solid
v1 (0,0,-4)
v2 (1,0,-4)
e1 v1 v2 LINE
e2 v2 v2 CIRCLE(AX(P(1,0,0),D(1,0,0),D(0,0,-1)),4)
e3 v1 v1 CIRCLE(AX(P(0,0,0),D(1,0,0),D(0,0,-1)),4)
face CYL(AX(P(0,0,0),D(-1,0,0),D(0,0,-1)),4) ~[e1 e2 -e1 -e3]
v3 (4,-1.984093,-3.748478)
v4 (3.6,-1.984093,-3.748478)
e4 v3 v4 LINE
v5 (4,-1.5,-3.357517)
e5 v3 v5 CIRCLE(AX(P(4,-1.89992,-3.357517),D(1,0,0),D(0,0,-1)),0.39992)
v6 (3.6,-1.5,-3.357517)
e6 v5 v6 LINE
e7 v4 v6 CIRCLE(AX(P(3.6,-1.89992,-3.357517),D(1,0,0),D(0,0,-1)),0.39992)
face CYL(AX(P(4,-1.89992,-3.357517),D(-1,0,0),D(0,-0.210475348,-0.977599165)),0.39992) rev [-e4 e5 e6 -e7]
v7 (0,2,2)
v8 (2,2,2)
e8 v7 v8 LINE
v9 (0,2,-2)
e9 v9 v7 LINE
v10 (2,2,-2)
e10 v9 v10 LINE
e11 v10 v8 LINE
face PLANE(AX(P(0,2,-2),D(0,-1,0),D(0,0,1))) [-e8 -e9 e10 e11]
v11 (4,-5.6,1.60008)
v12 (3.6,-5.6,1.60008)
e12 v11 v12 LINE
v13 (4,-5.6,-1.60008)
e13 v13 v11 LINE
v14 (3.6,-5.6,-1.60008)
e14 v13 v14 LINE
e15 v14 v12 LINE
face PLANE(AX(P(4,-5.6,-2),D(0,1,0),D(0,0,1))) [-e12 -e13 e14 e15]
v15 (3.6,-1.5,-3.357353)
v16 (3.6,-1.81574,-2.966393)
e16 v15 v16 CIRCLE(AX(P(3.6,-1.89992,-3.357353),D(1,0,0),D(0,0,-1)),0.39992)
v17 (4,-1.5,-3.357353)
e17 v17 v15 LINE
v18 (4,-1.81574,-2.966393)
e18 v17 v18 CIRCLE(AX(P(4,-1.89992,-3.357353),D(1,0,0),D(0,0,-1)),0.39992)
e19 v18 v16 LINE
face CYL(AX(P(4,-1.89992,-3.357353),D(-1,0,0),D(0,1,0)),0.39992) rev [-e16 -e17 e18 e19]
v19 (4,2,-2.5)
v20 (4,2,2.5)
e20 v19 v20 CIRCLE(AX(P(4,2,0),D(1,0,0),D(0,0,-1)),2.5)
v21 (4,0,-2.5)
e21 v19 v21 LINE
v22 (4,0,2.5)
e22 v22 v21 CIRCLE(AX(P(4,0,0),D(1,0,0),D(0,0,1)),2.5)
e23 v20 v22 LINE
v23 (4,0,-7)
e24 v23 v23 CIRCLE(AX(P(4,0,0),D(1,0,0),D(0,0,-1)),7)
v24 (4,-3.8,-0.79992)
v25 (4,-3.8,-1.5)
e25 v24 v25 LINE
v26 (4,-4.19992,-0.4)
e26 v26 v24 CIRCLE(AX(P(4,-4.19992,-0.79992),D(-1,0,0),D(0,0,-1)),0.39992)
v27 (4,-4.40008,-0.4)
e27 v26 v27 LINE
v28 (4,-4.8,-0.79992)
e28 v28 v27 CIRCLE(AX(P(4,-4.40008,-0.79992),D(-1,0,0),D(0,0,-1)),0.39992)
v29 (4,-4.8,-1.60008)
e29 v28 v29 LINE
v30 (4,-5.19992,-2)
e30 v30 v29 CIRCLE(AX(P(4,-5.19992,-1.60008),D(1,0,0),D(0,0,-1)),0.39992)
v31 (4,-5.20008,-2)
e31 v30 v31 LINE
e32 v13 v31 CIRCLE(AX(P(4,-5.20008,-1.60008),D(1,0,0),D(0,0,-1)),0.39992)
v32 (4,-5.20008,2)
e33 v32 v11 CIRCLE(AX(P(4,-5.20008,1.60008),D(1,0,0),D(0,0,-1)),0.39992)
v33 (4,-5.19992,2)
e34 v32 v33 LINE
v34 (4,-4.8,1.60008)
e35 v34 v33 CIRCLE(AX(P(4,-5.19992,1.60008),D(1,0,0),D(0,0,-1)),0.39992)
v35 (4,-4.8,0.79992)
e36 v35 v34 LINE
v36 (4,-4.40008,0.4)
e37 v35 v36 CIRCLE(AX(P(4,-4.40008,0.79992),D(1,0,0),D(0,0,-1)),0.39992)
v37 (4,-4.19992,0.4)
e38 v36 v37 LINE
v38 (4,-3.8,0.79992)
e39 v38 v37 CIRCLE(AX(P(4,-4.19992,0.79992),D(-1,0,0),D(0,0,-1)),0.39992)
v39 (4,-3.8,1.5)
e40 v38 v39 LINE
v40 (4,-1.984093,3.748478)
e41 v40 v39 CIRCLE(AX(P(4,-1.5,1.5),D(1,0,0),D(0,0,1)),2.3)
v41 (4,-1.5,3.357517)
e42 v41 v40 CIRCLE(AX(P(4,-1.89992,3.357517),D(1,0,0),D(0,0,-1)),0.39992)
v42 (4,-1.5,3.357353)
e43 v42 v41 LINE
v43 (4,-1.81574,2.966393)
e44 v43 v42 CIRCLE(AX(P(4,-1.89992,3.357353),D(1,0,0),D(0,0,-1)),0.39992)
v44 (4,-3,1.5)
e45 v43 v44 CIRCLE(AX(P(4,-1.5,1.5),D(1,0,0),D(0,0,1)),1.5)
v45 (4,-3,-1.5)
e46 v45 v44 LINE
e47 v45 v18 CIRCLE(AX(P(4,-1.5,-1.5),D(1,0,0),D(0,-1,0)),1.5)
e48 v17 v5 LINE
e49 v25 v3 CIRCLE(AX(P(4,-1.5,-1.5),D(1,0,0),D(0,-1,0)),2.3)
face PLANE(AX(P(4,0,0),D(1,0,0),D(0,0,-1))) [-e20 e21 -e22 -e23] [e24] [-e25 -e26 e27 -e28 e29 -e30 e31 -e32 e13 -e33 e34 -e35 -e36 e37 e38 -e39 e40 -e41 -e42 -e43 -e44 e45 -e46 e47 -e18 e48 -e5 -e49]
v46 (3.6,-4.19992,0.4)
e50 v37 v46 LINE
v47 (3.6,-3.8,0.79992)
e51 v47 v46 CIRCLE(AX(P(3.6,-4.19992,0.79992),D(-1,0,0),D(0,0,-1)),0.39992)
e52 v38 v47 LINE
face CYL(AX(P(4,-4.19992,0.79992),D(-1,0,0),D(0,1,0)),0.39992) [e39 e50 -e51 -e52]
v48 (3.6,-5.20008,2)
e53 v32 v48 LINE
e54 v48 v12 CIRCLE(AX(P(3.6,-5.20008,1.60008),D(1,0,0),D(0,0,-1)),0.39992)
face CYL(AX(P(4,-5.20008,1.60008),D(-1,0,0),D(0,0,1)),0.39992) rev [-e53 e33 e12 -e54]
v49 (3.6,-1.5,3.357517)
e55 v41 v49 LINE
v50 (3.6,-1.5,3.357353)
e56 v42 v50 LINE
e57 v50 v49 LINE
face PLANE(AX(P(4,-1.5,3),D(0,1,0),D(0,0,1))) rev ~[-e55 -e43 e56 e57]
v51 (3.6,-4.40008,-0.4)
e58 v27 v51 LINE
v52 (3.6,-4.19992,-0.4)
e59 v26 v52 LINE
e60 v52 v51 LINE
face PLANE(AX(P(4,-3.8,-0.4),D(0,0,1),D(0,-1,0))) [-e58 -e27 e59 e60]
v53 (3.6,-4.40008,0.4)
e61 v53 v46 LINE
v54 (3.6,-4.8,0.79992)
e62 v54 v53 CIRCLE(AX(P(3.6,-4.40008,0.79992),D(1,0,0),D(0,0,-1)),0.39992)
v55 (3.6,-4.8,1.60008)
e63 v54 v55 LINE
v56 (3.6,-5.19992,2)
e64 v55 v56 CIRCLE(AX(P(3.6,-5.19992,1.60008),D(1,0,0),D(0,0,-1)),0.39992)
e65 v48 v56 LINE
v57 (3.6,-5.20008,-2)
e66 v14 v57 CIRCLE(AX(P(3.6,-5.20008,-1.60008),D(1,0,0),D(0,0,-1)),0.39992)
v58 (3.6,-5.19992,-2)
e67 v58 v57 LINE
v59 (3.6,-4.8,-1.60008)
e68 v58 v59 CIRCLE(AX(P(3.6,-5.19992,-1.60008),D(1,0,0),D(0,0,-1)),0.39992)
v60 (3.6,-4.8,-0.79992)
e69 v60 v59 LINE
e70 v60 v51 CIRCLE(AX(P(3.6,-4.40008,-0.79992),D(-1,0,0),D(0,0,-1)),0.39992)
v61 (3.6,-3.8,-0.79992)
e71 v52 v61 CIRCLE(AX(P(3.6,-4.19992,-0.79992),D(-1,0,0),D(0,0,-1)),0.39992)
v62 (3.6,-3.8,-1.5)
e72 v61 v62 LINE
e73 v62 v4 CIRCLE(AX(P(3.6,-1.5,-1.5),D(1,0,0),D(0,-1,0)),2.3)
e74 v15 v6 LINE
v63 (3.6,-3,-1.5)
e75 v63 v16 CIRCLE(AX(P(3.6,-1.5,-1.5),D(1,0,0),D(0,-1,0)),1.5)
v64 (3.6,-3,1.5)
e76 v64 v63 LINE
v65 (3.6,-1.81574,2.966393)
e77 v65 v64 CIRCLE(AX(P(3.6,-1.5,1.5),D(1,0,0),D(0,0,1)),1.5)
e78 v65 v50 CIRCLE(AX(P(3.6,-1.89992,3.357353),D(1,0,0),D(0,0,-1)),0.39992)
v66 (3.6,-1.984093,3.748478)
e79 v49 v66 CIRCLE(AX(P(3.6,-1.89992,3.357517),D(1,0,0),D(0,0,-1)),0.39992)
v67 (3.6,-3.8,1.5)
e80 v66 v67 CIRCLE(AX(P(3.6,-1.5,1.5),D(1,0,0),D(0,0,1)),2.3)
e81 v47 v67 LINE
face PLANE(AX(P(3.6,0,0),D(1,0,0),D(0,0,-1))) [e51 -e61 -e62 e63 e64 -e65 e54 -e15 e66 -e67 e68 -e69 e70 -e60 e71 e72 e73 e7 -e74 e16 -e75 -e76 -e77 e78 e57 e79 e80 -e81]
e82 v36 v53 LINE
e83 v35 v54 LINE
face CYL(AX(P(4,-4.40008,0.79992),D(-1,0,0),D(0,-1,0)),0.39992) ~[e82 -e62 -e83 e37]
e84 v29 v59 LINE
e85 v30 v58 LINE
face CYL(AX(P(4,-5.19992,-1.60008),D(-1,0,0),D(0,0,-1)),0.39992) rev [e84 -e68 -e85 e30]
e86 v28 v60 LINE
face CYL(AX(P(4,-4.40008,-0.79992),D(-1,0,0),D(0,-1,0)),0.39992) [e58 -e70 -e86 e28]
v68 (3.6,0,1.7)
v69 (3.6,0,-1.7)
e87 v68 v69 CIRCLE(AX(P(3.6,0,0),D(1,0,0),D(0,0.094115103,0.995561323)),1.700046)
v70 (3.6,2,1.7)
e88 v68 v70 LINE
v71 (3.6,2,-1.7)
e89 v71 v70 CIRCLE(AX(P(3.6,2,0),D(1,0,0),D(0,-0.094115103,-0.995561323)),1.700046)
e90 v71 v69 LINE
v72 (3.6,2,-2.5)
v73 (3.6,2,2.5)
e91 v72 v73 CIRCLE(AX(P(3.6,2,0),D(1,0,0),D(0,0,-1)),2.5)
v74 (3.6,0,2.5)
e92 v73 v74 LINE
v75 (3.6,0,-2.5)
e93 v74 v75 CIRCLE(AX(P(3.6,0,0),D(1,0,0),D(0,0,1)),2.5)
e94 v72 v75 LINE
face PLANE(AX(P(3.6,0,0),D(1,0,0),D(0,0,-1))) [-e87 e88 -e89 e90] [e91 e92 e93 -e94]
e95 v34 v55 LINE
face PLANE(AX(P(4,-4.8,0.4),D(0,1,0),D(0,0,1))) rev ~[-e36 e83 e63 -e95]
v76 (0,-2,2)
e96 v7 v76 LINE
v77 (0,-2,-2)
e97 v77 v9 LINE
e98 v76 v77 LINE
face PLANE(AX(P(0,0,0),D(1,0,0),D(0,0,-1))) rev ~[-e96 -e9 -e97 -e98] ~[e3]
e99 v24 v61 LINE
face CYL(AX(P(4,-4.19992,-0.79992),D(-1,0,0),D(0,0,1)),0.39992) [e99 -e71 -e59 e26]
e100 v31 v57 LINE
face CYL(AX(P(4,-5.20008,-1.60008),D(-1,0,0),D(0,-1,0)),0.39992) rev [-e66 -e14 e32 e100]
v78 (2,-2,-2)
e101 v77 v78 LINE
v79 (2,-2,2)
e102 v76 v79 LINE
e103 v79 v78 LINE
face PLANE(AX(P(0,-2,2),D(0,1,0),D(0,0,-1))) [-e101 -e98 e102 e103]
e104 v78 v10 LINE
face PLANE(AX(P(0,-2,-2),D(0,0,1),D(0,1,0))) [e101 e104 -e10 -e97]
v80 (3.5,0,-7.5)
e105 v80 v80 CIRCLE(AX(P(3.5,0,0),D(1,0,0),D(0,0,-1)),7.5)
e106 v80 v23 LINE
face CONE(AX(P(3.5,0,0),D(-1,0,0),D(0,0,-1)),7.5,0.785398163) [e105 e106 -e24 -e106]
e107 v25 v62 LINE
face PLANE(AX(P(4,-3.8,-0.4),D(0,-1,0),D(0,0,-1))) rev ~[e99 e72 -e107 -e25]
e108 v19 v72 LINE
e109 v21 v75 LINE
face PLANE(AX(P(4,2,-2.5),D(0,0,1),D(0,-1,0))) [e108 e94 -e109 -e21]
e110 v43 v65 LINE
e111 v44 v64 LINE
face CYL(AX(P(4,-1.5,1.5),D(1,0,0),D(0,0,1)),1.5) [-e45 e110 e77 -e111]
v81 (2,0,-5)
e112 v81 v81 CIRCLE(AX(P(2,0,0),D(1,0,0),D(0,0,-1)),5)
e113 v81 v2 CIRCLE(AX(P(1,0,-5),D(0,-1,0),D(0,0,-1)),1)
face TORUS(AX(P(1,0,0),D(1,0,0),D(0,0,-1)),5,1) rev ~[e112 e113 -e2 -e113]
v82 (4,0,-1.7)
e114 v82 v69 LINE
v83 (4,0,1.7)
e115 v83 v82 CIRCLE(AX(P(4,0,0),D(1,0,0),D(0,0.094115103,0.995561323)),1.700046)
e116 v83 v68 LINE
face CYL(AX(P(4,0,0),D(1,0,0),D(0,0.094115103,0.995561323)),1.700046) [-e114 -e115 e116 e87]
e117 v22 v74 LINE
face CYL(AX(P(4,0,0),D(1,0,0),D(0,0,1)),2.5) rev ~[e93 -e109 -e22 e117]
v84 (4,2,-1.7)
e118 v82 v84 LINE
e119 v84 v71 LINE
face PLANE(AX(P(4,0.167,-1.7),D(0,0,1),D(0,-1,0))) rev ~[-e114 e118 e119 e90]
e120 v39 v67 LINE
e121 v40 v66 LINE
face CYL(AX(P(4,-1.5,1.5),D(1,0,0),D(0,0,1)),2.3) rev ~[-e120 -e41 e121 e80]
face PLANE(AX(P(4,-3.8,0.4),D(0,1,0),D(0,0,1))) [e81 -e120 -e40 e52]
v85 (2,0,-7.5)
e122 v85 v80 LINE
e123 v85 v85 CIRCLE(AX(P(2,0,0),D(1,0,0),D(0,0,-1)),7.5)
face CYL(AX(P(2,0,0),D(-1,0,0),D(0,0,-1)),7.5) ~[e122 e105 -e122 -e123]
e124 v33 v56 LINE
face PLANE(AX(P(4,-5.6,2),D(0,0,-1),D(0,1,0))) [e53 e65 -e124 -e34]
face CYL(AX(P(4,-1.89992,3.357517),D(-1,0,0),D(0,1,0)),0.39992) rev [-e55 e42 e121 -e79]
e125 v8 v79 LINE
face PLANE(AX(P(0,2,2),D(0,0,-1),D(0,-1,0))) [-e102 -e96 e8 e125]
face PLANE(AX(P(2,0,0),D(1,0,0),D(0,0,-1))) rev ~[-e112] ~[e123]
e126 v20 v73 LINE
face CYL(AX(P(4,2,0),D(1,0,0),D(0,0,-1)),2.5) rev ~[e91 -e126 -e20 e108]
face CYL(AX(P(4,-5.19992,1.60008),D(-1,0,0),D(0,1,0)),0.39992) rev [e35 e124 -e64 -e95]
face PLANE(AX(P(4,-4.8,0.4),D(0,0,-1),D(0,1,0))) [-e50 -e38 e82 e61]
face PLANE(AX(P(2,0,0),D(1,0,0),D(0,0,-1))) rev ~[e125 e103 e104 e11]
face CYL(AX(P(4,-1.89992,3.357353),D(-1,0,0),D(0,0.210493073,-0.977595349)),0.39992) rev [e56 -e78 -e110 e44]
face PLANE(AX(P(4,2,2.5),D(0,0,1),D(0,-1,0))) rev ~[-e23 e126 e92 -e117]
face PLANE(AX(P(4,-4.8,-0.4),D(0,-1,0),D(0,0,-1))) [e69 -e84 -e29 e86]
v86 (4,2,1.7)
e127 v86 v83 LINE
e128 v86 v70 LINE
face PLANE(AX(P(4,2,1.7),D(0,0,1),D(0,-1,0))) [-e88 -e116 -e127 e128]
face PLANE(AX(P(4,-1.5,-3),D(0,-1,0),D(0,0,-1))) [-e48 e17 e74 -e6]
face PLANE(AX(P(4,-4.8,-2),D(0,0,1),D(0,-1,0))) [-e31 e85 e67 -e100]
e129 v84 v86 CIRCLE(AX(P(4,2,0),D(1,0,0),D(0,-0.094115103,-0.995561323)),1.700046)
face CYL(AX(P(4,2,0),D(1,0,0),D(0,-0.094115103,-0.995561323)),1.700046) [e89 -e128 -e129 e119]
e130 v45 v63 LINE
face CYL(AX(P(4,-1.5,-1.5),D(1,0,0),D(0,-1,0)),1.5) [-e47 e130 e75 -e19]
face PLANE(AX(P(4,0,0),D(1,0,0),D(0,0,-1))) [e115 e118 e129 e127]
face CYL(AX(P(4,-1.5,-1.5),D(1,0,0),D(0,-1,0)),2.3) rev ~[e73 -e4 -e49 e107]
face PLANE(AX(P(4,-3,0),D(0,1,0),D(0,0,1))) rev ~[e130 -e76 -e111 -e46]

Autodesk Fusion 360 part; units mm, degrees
sketch "Sketch1" plane through (0, 0, 0) normal (1, 0, 0) x (0, 0, -1)
  circle A0 centre (0, 0) radius 4
  line L0 (2, 2) -> (-2, 2)
  line L1 (-2, 2) -> (-2, -2)
  line L2 (-2, -2) -> (2, -2)
  line L3 (2, -2) -> (2, 2)
  line L4 (2, 2) -> (-2, -2) construction
  line L5 (-2, 2) -> (2, -2) construction
  dimension "d1" = 8
  dimension "d2" = 4
  dimension "d3" = 4
extrude "Extrude1" add sketch "Sketch1" along normal blind 2
sketch "Sketch2" plane through (2, 0, 0) normal (1, 0, 0) x (0, 0, -1)
  line L0 (2, 2) -> (2, -2)
  line L1 (2, -2) -> (-2, -2)
  line L2 (-2, -2) -> (-2, 2)
  line L3 (-2, 2) -> (2, 2)
  circle A0 centre (0, 0) radius 4
  circle A1 centre (0, 0) radius 7.5
  dimension "d6" = 15
extrude "Extrude2" add sketch "Sketch2" along normal blind 2 contours L0 L1 L2 L3 | A0 | A1
fillet "Fillet1" radius 1 1 edges at (2, -1.4465, 3.7293)
chamfer "Chamfer1" distance 0.5 angle 45 1 edges at (4, -2.7121, 6.9925)
sketch "Sketch3" plane through (4, 0, 0) normal (1, 0, 0) x (0, 0, -1)
  circle A0 centre (0, 0) radius 7
  line L0 (0, 0) -> (0, 2)
  line L1 (0, -4.8) -> (2, -4.8)
  line L2 (2, -4.8) -> (2, -5.6)
  line L3 (2, -5.6) -> (-2, -5.6)
  line L4 (-2, -5.6) -> (-2, -4.8)
  line L5 (0, -4.8) -> (-2, -4.8)
  line L6 (0, -3) -> (1.5, -3)
  line L7 (0, -3.8) -> (1.5, -3.8)
  line L8 (0, -3) -> (-1.5, -3)
  line L9 (0, -3.8) -> (-1.5, -3.8)
  line L10 (2.5, 2) -> (2.5, 0)
  line L11 (-2.5, 2) -> (-2.5, 0)
  line L12 (-1.7, 2) -> (-2.5, 2) construction
  line L13 (0, 2) -> (2.5, 2) construction
  line L14 (-1.7, 2) -> (-1.7, 0)
  line L15 (1.7, 2) -> (1.7, 0)
  arc A1 (-1.6925, 0.16) -> (1.6925, 0.16) centre (0, 0) ccw
  arc A2 (1.6925, 1.84) -> (-1.6925, 1.84) centre (0, 2) ccw
  arc A3 (-1.6925, 1.84) -> (-1.7, 1.833) centre (0, 0) ccw
  arc A4 (-1.7, 0.167) -> (-1.6925, 0.16) centre (0, 2) ccw
  arc A5 (-2.5, 0) -> (2.5, 0) centre (0, 0) ccw
  arc A6 (1.7, 1.833) -> (1.6925, 1.84) centre (0, 0) ccw
  arc A7 (1.6925, 0.16) -> (1.7, 0.167) centre (0, 2) ccw
  arc A8 (2.5, 2) -> (-2.5, 2) centre (0, 2) ccw
  line L16 (3, -1.5) -> (3.8, -1.5)
  arc A9 (1.5, -3) -> (3, -1.5) centre (1.5, -1.5) ccw
  arc A10 (1.5, -3.8) -> (3.8, -1.5) centre (1.5, -1.5) ccw
  line L17 (-3, -1.5) -> (-3.8, -1.5)
  arc A11 (-3.8, -1.5) -> (-1.5, -3.8) centre (-1.5, -1.5) ccw
  arc A12 (-3, -1.5) -> (-1.5, -3) centre (-1.5, -1.5) ccw
  line L18 (-0.4, -3.8) -> (0.4, -3.8)
  line L19 (0.4, -3.8) -> (0.4, -4.8)
  line L20 (0.4, -4.8) -> (-0.4, -4.8)
  line L21 (-0.4, -4.8) -> (-0.4, -3.8)
  dimension "d12" = 0.8
  dimension "d13" = 0.8
  dimension "d14" = 0.8
  dimension "d15" = 5
  dimension "d16" = 5
  dimension "d17" = 2
  dimension "d18" = 0.8
  dimension "d19" = 3
  dimension "d20" = 1.5
  dimension "d21" = 1.5
  dimension "d24" = 1.5
  dimension "d25" = 0.8
  dimension "d26" = 1.5
  dimension "d27" = 0.8
  dimension "d28" = 0.8
  dimension "d29" = 1.5
  dimension "d30" = 4
  dimension "d31" = 2
  dimension "d32" = 1
  dimension "d33" = 0.8
  dimension "d34" = 0.4
extrude "Extrude3" cut sketch "Sketch3" against normal blind 0.4 contours L1 L5 L7 L9 L18 L19 L20 L21 | L1 L2 L3 L4 L5 L20 | L6 L7 L8 L9 L16 A9 A10 L17 A11 A12 L18 | L10 L11 A5 A8
fillet "Fillet2" radius 0.4 12 edges at (3.8, -5.6, 2) (3.8, -4.8, 2) (3.8, -4.8, 0.4) (3.8, -3.8, 0.4) (3.8, -4.8, -2) (3.8, -5.6, -2) (3.8, -4.8, -0.4) (3.8, -3.8, -0.4) (3.8, -1.5, 3) (3.8, -1.5, 3.8) (3.8, -1.5, -3.8) (3.8, -1.5, -3)
